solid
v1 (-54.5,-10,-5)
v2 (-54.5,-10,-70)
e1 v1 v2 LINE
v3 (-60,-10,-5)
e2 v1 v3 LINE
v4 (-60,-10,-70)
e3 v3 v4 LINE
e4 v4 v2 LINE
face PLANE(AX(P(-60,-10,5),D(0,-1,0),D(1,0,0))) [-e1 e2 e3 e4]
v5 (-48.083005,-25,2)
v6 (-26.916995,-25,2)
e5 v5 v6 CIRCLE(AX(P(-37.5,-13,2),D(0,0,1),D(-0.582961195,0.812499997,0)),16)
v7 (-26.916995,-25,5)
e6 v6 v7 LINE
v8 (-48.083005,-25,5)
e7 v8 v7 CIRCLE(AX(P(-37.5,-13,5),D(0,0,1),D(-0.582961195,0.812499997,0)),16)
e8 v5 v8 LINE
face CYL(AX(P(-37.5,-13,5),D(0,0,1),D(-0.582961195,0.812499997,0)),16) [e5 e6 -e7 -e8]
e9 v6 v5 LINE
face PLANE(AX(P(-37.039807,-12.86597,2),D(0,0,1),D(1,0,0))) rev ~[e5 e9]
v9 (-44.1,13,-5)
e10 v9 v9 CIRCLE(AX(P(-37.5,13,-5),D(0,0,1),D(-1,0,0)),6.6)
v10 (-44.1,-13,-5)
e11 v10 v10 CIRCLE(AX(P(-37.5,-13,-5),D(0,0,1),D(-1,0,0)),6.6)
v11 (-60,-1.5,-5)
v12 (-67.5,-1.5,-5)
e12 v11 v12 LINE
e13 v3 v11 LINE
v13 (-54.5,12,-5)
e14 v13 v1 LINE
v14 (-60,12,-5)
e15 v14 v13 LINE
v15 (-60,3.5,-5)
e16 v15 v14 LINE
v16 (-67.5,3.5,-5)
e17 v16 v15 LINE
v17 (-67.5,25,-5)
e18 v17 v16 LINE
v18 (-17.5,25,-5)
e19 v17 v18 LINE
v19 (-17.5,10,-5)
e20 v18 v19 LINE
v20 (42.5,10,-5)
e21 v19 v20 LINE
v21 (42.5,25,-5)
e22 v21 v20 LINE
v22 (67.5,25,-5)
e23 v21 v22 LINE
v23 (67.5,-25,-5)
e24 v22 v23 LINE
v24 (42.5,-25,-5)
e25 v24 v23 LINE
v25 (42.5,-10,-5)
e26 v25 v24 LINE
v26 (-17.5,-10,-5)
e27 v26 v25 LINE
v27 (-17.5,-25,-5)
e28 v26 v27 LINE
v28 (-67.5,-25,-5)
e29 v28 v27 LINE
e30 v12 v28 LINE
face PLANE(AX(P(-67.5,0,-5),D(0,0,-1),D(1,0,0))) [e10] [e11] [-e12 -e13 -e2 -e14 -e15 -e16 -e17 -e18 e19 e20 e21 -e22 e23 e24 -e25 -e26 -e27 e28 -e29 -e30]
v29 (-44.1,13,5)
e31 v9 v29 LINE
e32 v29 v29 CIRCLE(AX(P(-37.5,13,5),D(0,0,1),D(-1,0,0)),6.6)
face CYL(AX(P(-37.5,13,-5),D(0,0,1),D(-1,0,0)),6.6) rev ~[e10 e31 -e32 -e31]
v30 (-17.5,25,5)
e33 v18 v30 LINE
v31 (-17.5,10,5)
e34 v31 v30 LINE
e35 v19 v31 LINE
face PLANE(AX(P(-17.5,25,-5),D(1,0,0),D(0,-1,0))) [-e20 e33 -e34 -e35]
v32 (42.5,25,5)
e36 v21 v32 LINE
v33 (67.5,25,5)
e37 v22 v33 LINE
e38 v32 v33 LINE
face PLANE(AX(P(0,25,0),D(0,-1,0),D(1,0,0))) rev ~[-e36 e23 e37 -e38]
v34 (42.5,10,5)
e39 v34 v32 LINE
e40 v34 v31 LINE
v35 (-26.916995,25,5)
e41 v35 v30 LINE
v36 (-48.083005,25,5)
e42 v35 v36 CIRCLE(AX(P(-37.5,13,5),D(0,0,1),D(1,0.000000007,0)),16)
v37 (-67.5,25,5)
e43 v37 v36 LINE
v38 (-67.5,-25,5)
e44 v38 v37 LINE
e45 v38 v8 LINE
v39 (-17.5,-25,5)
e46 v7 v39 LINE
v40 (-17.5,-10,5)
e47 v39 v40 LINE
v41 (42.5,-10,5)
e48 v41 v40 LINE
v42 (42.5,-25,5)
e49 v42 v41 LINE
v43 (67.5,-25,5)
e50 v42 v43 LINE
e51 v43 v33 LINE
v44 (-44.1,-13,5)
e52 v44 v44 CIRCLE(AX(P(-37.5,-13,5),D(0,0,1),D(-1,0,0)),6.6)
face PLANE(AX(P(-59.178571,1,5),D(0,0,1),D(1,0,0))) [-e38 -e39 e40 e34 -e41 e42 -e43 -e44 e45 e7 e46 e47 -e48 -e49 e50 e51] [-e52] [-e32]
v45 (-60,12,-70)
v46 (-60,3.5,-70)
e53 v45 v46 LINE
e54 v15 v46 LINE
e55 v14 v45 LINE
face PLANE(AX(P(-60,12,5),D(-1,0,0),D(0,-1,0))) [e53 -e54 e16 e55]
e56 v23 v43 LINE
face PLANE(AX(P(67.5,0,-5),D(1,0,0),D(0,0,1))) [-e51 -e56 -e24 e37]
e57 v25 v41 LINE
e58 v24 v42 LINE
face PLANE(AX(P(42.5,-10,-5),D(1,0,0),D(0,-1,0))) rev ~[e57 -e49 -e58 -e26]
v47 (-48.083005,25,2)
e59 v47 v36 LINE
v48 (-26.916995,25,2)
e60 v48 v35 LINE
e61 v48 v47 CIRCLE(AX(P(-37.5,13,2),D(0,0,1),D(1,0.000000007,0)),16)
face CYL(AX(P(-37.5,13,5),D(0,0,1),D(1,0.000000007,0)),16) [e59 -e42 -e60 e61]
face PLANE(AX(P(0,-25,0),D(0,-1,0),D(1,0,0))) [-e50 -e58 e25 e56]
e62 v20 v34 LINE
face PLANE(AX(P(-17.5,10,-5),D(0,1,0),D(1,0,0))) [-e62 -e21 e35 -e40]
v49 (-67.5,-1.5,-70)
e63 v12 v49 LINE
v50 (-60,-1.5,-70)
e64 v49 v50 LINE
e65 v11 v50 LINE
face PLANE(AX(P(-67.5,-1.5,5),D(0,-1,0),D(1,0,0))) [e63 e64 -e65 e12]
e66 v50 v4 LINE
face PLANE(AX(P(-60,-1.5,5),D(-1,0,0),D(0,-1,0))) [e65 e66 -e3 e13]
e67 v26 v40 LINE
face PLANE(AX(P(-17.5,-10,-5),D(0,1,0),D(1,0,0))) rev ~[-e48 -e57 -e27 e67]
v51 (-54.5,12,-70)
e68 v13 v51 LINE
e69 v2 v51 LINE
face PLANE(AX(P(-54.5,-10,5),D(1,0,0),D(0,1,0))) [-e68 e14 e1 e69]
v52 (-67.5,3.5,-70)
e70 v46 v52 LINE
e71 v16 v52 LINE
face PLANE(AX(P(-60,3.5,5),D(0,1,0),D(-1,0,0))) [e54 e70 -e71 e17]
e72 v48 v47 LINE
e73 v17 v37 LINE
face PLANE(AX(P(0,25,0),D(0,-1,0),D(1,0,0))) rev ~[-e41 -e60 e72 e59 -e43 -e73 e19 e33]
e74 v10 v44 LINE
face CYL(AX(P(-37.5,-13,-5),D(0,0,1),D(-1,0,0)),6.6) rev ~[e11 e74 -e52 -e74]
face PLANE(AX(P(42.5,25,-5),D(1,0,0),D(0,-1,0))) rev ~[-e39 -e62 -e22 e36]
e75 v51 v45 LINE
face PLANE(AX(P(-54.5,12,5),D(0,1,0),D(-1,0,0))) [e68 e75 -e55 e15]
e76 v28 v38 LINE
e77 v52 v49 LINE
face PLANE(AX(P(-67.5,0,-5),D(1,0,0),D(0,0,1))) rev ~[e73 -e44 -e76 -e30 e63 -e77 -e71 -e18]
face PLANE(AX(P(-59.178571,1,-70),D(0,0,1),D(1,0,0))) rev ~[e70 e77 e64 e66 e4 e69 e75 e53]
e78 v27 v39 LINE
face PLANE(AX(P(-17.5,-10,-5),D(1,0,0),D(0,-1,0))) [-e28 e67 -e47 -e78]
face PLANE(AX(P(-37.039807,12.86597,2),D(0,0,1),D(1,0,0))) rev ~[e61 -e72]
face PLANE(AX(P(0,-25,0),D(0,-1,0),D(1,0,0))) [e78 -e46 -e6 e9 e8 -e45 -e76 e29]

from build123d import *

# Parameters (mm, degrees)
F0_W           = 135
F0_H           = 10
F1_DEPTH       = 25
F4_DEPTH       = 75
F6_DEPTH       = 3
F7_W           = 60
F7_H           = 15
F8_DEPTH       = 25
F9_D           = 13.2
F9_CBORE_D     = 23
F9_CBORE_DEPTH = 0


with BuildPart() as f1:
    # F0 (on Front) → F1 (new body, symmetric)
    with BuildSketch(Plane.XZ):
        Rectangle(F0_W, F0_H)
    extrude(amount=F1_DEPTH, both=True)

    # F3 (on face) → F4 (join)
    with BuildSketch(Plane.XY.offset(5)):
        Polygon((-60, 3.5), (-67.5, 3.5), (-67.5, -1.5), (-60, -1.5), (-60, -10), (-54.5, -10), (-54.5, 12), (-60, 12), align=None)
    extrude(amount=-F4_DEPTH)

    # F5 (on face) → F6 (join)
    with BuildSketch(Plane.XY.offset(5)):
        with BuildLine():
            ThreePointArc((-28.172621, 0), (-23.265569, 5.693772), (-21.5, 13))
            ThreePointArc((-21.5, 13), (-44.806228, 27.234431), (-46.827379, 0))
            ThreePointArc((-46.827379, 0), (-37.5, 3), (-28.172621, 0))
        make_face()
        with BuildLine():
            ThreePointArc((-28.172621, 0), (-37.5, -3), (-46.827379, 0))
            ThreePointArc((-46.827379, 0), (-44.806228, -27.234431), (-21.5, -13))
            ThreePointArc((-21.5, -13), (-23.265569, -5.693772), (-28.172621, 0))
        make_face()
    extrude(amount=-F6_DEPTH)

    # F7 (on face) → F8 (cut)
    with BuildSketch(Plane(origin=(0, 0, -5), x_dir=(1, 0, 0), z_dir=(0, 0, -1))):
        with Locations((12.5, 17.5)):
            Rectangle(F7_W, F7_H)
        with Locations((12.5, -17.5)):
            Rectangle(F7_W, F7_H)
    extrude(amount=-F8_DEPTH, mode=Mode.SUBTRACT)

    # F9 (through all)
    with Locations(Plane(origin=(0, 0, -5), x_dir=(1, 0, 0), z_dir=(0, 0, -1))):
        with Locations((-37.5, 13), (-37.5, -13)):
            CounterBoreHole(F9_D / 2, F9_CBORE_D / 2, F9_CBORE_DEPTH)


solid = f1.part
